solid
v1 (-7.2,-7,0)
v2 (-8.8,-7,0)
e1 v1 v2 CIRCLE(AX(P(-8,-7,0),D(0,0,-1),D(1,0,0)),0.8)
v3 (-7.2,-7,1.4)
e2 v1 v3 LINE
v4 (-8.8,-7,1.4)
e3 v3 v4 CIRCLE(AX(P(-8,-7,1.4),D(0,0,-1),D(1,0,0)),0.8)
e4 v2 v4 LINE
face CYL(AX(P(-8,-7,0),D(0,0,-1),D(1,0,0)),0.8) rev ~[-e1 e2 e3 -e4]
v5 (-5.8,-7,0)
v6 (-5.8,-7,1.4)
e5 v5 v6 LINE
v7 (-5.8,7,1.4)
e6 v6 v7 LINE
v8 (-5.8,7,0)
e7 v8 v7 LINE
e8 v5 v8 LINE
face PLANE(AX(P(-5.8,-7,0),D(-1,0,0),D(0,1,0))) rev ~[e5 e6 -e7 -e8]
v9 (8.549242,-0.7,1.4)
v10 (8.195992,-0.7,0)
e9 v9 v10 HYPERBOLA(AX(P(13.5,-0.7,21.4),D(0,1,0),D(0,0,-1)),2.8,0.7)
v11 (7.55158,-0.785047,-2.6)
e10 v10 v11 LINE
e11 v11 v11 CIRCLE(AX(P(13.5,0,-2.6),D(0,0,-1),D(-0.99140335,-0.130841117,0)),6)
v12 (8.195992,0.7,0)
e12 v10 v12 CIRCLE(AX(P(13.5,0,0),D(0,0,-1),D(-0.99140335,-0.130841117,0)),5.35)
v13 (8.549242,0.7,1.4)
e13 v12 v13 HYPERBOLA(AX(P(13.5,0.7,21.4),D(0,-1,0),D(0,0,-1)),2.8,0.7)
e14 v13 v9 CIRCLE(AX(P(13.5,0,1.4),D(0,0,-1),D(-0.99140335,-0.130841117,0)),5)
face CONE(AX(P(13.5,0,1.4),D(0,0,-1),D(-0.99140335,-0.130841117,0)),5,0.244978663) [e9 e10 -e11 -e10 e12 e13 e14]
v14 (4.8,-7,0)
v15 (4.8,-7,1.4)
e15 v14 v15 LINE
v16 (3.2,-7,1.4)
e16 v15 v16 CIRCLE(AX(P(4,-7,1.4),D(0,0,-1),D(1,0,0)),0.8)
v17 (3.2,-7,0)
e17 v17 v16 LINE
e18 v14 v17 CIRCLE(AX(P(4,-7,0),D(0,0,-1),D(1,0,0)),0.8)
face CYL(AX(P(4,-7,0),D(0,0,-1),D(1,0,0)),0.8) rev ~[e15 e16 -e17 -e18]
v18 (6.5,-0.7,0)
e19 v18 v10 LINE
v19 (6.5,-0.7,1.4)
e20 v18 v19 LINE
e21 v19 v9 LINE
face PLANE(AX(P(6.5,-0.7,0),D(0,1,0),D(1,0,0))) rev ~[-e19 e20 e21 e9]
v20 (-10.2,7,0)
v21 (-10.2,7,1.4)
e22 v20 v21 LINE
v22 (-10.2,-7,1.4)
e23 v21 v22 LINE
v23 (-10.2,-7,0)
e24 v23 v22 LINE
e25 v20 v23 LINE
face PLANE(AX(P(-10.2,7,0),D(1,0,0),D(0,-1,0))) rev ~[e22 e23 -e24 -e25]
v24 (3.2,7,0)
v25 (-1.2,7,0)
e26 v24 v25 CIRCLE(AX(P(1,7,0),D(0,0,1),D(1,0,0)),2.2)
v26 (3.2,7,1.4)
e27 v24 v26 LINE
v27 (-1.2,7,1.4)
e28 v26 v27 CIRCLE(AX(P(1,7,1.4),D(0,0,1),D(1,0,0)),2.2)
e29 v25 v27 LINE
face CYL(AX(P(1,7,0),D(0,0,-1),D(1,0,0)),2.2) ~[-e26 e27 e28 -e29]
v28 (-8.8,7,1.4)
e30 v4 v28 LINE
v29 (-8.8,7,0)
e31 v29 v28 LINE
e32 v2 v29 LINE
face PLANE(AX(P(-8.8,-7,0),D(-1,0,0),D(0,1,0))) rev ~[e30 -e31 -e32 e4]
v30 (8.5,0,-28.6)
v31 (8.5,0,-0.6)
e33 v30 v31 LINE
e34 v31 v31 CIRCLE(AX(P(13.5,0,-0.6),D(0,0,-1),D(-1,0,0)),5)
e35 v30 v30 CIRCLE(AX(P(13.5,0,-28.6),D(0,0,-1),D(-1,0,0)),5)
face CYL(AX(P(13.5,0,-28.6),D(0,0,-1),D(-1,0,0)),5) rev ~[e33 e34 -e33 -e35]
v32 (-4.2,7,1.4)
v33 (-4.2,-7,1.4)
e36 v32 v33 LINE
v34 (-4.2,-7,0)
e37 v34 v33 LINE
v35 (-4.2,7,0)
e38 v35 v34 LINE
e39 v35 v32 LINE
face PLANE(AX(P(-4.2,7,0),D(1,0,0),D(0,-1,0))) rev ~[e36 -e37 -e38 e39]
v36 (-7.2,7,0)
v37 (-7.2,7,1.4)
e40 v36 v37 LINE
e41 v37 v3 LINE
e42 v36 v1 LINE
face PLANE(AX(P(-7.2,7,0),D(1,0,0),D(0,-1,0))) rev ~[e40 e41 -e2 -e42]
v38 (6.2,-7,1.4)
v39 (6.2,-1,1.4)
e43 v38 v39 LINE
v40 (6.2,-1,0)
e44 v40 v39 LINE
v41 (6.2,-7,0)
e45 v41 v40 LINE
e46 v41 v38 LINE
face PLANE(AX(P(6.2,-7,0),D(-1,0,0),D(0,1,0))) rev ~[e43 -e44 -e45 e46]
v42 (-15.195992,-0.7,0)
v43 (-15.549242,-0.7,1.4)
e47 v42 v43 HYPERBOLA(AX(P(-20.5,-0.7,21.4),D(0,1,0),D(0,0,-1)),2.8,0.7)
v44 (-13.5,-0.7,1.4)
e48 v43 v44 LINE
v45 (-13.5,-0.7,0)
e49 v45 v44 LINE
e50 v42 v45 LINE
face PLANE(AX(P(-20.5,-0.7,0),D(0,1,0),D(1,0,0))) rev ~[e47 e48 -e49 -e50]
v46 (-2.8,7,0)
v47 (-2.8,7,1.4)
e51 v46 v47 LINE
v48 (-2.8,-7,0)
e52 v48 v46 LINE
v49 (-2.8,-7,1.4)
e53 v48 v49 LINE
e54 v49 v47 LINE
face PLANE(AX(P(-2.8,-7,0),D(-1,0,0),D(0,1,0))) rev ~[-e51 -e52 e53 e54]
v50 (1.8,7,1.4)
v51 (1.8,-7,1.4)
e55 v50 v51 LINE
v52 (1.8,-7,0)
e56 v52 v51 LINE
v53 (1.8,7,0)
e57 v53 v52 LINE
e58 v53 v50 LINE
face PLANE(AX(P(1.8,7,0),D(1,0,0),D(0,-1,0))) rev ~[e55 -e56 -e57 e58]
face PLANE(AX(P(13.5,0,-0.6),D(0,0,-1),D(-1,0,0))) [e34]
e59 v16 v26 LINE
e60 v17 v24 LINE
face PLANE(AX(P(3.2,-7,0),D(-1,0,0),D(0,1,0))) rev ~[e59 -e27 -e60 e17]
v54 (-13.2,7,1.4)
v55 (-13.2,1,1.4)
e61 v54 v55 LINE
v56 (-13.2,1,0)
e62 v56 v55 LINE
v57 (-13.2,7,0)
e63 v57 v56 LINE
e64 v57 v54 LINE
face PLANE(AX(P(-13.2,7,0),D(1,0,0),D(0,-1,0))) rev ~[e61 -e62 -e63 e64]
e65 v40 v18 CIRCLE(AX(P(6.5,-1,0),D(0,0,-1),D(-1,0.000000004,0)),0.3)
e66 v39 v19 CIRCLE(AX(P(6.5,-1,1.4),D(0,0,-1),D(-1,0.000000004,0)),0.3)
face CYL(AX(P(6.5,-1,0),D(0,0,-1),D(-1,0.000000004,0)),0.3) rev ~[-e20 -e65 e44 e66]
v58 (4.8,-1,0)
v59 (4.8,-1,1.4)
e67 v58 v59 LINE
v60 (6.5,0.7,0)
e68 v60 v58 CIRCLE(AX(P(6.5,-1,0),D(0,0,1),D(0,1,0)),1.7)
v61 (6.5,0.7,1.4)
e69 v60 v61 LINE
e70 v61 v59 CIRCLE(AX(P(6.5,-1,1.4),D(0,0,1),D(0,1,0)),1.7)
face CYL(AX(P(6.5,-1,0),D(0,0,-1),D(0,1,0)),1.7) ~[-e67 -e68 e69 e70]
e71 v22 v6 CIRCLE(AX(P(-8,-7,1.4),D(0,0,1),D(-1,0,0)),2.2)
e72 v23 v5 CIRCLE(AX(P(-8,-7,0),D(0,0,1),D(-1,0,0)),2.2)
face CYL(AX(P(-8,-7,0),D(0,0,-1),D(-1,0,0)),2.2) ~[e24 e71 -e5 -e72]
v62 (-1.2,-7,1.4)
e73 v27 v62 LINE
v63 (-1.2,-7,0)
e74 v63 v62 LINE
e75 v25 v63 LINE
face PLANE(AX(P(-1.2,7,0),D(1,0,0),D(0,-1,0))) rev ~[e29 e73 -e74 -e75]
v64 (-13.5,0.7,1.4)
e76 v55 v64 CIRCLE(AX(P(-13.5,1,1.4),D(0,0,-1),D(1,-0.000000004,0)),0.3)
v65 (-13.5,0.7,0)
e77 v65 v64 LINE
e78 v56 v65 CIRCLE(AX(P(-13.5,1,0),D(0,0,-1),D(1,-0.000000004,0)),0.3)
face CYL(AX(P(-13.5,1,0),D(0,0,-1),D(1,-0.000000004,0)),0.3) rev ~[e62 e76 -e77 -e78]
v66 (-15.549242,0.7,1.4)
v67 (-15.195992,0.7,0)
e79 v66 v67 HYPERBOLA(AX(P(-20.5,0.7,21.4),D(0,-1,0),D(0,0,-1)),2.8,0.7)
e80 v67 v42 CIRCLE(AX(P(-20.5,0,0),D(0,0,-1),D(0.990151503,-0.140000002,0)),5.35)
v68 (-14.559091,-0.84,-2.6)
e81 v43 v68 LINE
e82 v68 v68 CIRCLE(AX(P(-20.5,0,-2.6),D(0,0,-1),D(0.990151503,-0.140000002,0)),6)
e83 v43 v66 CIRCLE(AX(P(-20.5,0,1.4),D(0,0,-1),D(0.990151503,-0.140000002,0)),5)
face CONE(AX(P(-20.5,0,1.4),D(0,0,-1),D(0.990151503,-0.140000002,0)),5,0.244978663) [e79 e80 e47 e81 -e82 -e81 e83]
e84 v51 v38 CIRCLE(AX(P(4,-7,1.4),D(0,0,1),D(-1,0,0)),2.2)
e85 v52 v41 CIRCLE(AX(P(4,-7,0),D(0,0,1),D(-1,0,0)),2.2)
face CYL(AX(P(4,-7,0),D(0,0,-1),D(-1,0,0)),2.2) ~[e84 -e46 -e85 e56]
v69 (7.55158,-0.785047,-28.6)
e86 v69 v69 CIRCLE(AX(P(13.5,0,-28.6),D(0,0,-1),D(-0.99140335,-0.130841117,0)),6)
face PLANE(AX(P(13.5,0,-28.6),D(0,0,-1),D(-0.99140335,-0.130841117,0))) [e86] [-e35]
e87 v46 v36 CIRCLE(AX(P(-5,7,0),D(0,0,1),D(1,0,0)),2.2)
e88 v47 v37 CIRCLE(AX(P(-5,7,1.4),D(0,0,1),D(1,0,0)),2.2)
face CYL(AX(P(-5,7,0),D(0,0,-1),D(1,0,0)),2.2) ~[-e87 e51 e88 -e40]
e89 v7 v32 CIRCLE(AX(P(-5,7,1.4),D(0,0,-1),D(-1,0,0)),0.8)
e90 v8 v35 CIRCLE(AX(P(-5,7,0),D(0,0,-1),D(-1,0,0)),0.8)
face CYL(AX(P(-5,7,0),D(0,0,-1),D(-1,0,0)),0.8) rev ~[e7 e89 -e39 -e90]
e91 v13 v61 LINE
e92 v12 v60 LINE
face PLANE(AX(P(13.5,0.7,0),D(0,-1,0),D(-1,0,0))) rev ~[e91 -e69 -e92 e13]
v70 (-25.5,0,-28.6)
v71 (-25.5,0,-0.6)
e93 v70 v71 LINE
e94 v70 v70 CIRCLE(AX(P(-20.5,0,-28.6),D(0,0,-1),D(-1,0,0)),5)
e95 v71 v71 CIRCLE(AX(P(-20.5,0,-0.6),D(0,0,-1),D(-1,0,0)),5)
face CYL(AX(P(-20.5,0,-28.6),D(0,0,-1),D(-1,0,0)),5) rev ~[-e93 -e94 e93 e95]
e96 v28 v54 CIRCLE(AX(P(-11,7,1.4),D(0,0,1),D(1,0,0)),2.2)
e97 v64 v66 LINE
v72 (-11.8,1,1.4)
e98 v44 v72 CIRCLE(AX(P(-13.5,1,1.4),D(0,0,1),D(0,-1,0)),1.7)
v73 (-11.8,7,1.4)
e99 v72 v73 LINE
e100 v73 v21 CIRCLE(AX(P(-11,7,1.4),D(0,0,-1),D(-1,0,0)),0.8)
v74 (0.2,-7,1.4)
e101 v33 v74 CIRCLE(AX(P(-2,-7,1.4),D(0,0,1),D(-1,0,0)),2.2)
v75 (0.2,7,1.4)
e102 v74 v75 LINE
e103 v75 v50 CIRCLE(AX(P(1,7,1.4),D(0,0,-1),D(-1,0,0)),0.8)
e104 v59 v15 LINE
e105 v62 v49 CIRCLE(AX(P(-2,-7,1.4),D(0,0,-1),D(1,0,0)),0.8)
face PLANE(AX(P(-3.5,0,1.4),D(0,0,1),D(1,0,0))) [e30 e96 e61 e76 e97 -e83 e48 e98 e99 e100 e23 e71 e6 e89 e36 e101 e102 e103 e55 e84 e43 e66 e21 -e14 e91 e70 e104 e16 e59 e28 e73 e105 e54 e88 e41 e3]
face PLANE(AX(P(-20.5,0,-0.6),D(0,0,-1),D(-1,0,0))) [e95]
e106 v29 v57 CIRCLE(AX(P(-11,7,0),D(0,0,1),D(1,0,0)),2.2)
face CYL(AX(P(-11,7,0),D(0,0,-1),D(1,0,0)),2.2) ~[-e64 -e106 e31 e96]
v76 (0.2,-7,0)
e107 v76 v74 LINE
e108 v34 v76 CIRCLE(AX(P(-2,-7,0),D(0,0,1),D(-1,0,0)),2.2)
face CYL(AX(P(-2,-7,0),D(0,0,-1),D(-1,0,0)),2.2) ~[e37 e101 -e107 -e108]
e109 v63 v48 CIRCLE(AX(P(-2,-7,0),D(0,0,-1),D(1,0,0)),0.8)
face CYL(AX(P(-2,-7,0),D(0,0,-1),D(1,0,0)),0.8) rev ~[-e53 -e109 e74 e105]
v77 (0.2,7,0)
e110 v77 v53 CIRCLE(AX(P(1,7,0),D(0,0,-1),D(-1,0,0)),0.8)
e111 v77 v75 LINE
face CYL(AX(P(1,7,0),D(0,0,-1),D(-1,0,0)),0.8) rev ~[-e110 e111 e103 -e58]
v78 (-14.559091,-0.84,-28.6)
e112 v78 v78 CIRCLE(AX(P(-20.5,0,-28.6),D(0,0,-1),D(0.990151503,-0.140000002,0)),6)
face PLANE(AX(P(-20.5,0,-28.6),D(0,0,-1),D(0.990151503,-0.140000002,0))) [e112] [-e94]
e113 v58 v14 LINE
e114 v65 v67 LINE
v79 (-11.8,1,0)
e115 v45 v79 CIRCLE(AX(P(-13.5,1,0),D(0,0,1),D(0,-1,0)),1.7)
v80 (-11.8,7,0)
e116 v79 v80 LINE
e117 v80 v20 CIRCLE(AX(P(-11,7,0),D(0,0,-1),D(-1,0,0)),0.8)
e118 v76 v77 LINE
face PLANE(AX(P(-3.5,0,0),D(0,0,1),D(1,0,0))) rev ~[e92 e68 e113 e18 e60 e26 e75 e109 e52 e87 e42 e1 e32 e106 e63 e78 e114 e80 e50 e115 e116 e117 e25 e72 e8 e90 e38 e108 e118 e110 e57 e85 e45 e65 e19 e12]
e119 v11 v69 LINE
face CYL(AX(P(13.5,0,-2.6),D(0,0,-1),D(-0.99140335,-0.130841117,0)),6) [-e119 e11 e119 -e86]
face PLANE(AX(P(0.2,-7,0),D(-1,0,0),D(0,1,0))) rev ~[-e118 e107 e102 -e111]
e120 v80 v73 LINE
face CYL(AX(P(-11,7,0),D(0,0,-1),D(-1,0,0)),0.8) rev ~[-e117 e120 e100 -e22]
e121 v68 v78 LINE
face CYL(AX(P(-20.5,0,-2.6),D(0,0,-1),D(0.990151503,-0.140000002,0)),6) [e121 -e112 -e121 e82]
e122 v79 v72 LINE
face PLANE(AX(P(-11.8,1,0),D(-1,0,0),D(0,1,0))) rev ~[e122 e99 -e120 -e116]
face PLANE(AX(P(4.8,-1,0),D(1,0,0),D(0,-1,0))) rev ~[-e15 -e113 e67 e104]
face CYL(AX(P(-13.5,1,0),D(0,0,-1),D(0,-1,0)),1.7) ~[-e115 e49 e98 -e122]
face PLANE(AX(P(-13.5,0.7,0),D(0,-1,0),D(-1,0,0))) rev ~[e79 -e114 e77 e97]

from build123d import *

# Parameters (mm, degrees)
BOSS_EXTRUDE1_DEPTH = 1.4
SKETCH5_R           = 5
CUT_EXTRUDE1_DEPTH  = 28


with BuildPart() as part:
    # Sketch2 → Boss-Extrude1 (new body)
    with BuildSketch(Plane.XY):
        with BuildLine():
            Line((-20.5, -0.7), (-13.5, -0.7))
            ThreePointArc((-13.5, -0.7), (-12.297918472, -0.202081528), (-11.8, 1))
            Line((-11.8, 1), (-11.8, 7))
            ThreePointArc((-11.8, 7), (-11, 7.8), (-10.2, 7))
            Line((-10.2, 7), (-10.2, 0))
            Line((-10.2, 0), (-10.2, -7))
            ThreePointArc((-10.2, -7), (-8, -9.2), (-5.8, -7))
            Line((-5.8, -7), (-5.8, 0))
            Line((-5.8, 0), (-5.8, 7))
            ThreePointArc((-5.8, 7), (-5, 7.8), (-4.2, 7))
            Line((-4.2, 7), (-4.2, 0))
            Line((-4.2, 0), (-4.2, -7))
            ThreePointArc((-4.2, -7), (-2, -9.2), (0.2, -7))
            Line((0.2, -7), (0.2, 0))
            Line((0.2, 0), (0.2, 7))
            ThreePointArc((0.2, 7), (1, 7.8), (1.8, 7))
            Line((1.8, 7), (1.8, 0))
            Line((1.8, 0), (1.8, -7))
            ThreePointArc((1.8, -7), (4, -9.2), (6.2, -7))
            Line((6.2, -7), (6.2, -1))
            ThreePointArc((6.2, -1), (6.287867966, -0.787867966), (6.5, -0.7))
            Line((6.5, -0.7), (13.5, -0.7))
            ThreePointArc((13.5, -0.7), (14.2, 0), (13.5, 0.7))
            Line((13.5, 0.7), (6.5, 0.7))
            ThreePointArc((6.5, 0.7), (5.297918472, 0.202081528), (4.8, -1))
            Line((4.8, -1), (4.8, -7))
            ThreePointArc((4.8, -7), (4, -7.8), (3.2, -7))
            Line((3.2, -7), (3.2, 0))
            Line((3.2, 0), (3.2, 7))
            ThreePointArc((3.2, 7), (1, 9.2), (-1.2, 7))
            Line((-1.2, 7), (-1.2, 0))
            Line((-1.2, 0), (-1.2, -7))
            ThreePointArc((-1.2, -7), (-2, -7.8), (-2.8, -7))
            Line((-2.8, -7), (-2.8, 0))
            Line((-2.8, 0), (-2.8, 7))
            ThreePointArc((-2.8, 7), (-5, 9.2), (-7.2, 7))
            Line((-7.2, 7), (-7.2, 0))
            Line((-7.2, 0), (-7.2, -7))
            ThreePointArc((-7.2, -7), (-8, -7.8), (-8.8, -7))
            Line((-8.8, -7), (-8.8, 0))
            Line((-8.8, 0), (-8.8, 7))
            ThreePointArc((-8.8, 7), (-11, 9.2), (-13.2, 7))
            Line((-13.2, 7), (-13.2, 1))
            ThreePointArc((-13.2, 1), (-13.287867966, 0.787867966), (-13.5, 0.7))
            Line((-13.5, 0.7), (-20.5, 0.7))
            ThreePointArc((-20.5, 0.7), (-21.2, 0), (-20.5, -0.7))
        make_face()
    extrude(amount=BOSS_EXTRUDE1_DEPTH)

    # Sketch3 → Revolve1 (revolve)
    with BuildSketch(Plane(origin=(0, 0, 0), x_dir=(1, 0, 0), z_dir=(0, 1, 0)), mode=Mode.PRIVATE) as revolve1_sk:
        Polygon((-20.5, -1.4), (-25.5, -1.4), (-26.5, 2.6), (-26.5, 28.6), (-20.5, 28.6), align=None)
    revolve(revolve1_sk.sketch.rotate(Axis((-20.5, 0, 1.4), (0, 0, -1)), 188.047846384), axis=Axis((-20.5, 0, 1.4), (0, 0, -1)))

    # Sketch4 → Revolve2 (revolve)
    with BuildSketch(Plane(origin=(0, 0, 0), x_dir=(1, 0, 0), z_dir=(0, 1, 0)), mode=Mode.PRIVATE) as revolve2_sk:
        Polygon((13.5, -1.4), (18.5, -1.4), (19.5, 2.6), (19.5, 28.6), (13.5, 28.6), align=None)
    revolve(revolve2_sk.sketch.rotate(Axis((13.5, 0, 1.4), (0, 0, -1)), 172.481800069), axis=Axis((13.5, 0, 1.4), (0, 0, -1)))

    # Sketch5 → Cut-Extrude1 (cut)
    with BuildSketch(Plane(origin=(0, 0, -28.6), x_dir=(-1, 0, 0), z_dir=(0, 0, -1))):
        with Locations((-13.5, 0)):
            Circle(SKETCH5_R)
        with Locations((20.5, 0)):
            Circle(SKETCH5_R)
    extrude(amount=-CUT_EXTRUDE1_DEPTH, mode=Mode.SUBTRACT)


solid = part.part
